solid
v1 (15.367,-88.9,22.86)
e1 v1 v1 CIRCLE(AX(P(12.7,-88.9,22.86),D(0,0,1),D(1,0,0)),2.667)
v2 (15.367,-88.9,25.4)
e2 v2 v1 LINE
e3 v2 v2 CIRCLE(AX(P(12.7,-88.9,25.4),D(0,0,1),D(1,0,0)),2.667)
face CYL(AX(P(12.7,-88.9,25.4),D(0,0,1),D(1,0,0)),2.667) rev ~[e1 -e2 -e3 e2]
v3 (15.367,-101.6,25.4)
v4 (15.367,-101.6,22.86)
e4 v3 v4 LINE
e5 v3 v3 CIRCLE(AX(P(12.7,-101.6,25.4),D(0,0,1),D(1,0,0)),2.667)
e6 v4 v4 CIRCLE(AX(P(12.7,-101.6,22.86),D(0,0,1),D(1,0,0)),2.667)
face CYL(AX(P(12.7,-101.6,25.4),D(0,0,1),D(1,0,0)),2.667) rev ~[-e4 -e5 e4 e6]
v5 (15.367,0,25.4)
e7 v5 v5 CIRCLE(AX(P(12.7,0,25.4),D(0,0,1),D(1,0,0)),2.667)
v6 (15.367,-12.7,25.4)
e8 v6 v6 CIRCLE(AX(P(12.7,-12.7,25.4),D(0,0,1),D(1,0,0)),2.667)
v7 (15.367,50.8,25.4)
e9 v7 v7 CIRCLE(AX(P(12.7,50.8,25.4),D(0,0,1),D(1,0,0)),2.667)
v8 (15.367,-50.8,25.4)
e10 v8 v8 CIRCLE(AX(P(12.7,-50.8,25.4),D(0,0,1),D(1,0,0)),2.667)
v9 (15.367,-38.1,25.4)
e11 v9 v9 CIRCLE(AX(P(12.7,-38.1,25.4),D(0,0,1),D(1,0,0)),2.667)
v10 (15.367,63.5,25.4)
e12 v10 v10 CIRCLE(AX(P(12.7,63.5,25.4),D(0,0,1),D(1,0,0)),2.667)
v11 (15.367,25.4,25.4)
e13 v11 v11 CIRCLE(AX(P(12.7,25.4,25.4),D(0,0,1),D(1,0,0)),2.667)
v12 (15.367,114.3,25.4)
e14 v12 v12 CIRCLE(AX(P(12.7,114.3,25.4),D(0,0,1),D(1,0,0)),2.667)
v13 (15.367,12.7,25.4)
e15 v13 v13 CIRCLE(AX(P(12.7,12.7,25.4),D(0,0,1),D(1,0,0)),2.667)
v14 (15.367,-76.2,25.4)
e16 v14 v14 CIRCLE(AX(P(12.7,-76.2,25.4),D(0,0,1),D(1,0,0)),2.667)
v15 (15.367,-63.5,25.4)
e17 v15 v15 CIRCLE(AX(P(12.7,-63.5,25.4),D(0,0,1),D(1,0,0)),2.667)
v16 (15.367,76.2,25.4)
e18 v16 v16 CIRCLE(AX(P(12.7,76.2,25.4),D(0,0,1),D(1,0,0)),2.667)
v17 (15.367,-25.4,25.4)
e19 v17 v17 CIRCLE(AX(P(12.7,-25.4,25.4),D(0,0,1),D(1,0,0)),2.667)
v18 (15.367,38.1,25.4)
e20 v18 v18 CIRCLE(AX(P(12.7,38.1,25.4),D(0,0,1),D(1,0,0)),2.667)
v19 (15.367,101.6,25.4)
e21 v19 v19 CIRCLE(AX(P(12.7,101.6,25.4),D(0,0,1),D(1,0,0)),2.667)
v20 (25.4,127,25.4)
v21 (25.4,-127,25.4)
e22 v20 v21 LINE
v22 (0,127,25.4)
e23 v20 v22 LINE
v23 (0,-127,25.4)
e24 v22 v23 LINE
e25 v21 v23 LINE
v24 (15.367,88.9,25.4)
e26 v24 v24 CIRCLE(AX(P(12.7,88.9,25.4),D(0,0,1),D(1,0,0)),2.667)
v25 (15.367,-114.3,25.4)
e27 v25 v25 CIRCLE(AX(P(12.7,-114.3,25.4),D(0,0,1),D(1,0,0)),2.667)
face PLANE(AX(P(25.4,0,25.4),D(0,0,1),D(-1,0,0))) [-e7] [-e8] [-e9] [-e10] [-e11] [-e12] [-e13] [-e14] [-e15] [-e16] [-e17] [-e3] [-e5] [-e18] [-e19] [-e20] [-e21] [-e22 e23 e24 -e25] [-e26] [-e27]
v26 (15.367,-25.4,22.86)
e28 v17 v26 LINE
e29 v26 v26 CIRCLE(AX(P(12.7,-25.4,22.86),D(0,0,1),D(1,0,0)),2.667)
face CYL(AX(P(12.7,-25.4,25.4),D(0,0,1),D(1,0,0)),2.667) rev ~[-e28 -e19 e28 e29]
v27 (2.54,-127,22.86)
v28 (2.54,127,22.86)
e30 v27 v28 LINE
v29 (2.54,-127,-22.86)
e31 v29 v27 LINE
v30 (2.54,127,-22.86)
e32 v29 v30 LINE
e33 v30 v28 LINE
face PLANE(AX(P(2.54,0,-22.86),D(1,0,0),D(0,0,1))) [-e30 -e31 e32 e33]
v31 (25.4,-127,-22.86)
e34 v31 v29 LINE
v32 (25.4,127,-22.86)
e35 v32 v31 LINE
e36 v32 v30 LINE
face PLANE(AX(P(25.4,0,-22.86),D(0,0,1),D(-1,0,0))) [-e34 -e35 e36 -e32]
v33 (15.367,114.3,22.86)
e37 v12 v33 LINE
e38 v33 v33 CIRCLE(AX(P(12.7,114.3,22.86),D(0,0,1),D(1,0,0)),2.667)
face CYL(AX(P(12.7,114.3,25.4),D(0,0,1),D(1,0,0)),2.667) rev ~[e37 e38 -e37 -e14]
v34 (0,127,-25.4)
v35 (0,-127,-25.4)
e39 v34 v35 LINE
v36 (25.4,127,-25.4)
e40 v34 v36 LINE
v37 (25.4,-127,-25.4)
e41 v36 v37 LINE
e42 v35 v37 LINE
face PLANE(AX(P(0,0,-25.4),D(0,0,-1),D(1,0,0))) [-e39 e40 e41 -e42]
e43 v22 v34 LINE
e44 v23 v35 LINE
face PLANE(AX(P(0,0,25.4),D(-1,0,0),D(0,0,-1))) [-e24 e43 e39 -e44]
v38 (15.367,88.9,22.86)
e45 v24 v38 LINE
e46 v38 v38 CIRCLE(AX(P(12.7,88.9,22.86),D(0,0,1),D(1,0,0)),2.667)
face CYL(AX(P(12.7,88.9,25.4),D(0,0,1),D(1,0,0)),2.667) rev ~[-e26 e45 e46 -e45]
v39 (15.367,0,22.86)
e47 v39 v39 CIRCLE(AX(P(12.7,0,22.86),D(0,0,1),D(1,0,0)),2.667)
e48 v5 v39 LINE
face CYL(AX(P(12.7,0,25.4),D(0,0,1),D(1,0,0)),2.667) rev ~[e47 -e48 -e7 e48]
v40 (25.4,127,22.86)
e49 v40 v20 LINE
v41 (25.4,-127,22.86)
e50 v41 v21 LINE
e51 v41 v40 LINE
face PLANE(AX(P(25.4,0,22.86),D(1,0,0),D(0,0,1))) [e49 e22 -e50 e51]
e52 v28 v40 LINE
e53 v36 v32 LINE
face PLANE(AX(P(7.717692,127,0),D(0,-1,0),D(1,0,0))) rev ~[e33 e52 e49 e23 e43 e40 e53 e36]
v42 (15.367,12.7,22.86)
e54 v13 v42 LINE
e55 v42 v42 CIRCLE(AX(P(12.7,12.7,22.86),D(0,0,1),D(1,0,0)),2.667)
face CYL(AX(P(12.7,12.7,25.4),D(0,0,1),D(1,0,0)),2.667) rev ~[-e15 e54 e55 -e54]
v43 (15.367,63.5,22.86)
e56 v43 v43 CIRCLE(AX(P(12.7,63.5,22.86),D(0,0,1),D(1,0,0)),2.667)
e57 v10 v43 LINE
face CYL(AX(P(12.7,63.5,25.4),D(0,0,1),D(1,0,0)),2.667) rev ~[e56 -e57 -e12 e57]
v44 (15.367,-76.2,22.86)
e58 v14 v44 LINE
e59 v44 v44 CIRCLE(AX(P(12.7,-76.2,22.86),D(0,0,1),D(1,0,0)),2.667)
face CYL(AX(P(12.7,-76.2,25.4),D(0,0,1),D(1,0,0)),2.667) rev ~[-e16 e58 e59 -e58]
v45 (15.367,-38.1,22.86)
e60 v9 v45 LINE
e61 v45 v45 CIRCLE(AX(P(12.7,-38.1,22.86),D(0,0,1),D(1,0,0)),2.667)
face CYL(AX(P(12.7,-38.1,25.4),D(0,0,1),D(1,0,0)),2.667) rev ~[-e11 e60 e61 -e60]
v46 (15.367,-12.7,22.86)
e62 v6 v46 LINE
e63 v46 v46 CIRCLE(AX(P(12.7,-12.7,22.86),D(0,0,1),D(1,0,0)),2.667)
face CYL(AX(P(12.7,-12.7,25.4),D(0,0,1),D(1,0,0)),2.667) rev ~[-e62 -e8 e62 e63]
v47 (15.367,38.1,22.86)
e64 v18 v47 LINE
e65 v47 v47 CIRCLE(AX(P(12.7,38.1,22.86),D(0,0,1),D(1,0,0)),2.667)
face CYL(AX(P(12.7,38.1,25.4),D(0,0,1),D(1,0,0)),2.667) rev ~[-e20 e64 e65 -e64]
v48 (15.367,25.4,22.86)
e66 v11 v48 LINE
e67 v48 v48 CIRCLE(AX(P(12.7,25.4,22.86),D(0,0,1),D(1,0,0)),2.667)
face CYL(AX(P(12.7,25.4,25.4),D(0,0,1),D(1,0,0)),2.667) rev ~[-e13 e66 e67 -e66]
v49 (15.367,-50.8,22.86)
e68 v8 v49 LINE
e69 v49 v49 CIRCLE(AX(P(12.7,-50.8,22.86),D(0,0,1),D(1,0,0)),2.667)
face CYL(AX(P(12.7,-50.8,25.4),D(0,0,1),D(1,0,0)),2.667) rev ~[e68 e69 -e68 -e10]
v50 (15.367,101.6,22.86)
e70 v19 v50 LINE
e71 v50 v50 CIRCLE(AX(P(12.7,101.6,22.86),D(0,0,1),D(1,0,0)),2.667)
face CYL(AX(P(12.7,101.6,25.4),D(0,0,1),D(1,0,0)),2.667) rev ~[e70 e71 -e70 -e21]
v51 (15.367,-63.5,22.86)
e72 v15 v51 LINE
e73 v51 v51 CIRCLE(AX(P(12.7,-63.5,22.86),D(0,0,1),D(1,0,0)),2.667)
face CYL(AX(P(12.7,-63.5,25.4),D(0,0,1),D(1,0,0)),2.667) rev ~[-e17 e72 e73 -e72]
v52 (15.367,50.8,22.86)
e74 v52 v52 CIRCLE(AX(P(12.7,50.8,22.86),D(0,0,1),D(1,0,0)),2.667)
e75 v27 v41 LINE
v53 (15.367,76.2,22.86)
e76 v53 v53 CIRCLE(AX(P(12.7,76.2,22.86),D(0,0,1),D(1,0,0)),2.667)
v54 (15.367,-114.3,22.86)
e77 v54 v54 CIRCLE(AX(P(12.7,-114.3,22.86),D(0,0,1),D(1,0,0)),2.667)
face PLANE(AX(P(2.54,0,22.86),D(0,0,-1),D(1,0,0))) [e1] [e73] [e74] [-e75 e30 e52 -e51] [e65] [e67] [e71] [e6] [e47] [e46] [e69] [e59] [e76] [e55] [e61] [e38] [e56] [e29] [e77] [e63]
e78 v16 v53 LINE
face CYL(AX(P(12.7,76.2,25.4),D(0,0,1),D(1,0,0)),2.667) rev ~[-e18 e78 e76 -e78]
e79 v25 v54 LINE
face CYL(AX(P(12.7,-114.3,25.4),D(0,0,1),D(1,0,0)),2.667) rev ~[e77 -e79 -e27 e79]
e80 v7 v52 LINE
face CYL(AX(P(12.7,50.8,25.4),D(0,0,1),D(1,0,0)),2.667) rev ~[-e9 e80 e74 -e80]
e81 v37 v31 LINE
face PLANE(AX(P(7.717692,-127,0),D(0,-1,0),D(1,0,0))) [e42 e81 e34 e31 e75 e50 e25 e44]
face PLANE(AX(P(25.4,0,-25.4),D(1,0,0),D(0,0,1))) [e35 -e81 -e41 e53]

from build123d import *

# Parameters (mm, degrees)
F1_DEPTH = 127
F2_R     = 2.667
F3_DEPTH = 2.54


with BuildPart() as f1:
    # F0 (on Front) → F1 (new body, symmetric)
    with BuildSketch(Plane.XZ):
        Polygon((25.4, 22.86), (25.4, 25.4), (0, 25.4), (0, -25.4), (25.4, -25.4), (25.4, -22.86), (2.54, -22.86), (2.54, 22.86), align=None)
    extrude(amount=F1_DEPTH, both=True)

    # F2 (on face) → F3 (cut)
    with BuildSketch(Plane.XY.offset(25.4)):
        with Locations((12.7, -50.8)):
            Circle(F2_R)
        with Locations((12.7, -63.5)):
            Circle(F2_R)
        with Locations((12.7, -114.3)):
            Circle(F2_R)
        with Locations((12.7, 101.6)):
            Circle(F2_R)
        with Locations((12.7, -76.2)):
            Circle(F2_R)
        with Locations((12.7, 76.2)):
            Circle(F2_R)
        with Locations((12.7, 88.9)):
            Circle(F2_R)
        with Locations((12.7, 50.8)):
            Circle(F2_R)
        with Locations((12.7, -101.6)):
            Circle(F2_R)
        with Locations((12.7, -25.4)):
            Circle(F2_R)
        with Locations((12.7, -38.1)):
            Circle(F2_R)
        with Locations((12.7, 12.7)):
            Circle(F2_R)
        with Locations((12.7, -88.9)):
            Circle(F2_R)
        with Locations((12.7, -12.7)):
            Circle(F2_R)
        with Locations((12.7, 25.4)):
            Circle(F2_R)
        with Locations((12.7, 38.1)):
            Circle(F2_R)
        with Locations((12.7, 0)):
            Circle(F2_R)
        with Locations((12.7, 63.5)):
            Circle(F2_R)
        with Locations((12.7, 114.3)):
            Circle(F2_R)
    extrude(amount=-F3_DEPTH, mode=Mode.SUBTRACT)


solid = f1.part
